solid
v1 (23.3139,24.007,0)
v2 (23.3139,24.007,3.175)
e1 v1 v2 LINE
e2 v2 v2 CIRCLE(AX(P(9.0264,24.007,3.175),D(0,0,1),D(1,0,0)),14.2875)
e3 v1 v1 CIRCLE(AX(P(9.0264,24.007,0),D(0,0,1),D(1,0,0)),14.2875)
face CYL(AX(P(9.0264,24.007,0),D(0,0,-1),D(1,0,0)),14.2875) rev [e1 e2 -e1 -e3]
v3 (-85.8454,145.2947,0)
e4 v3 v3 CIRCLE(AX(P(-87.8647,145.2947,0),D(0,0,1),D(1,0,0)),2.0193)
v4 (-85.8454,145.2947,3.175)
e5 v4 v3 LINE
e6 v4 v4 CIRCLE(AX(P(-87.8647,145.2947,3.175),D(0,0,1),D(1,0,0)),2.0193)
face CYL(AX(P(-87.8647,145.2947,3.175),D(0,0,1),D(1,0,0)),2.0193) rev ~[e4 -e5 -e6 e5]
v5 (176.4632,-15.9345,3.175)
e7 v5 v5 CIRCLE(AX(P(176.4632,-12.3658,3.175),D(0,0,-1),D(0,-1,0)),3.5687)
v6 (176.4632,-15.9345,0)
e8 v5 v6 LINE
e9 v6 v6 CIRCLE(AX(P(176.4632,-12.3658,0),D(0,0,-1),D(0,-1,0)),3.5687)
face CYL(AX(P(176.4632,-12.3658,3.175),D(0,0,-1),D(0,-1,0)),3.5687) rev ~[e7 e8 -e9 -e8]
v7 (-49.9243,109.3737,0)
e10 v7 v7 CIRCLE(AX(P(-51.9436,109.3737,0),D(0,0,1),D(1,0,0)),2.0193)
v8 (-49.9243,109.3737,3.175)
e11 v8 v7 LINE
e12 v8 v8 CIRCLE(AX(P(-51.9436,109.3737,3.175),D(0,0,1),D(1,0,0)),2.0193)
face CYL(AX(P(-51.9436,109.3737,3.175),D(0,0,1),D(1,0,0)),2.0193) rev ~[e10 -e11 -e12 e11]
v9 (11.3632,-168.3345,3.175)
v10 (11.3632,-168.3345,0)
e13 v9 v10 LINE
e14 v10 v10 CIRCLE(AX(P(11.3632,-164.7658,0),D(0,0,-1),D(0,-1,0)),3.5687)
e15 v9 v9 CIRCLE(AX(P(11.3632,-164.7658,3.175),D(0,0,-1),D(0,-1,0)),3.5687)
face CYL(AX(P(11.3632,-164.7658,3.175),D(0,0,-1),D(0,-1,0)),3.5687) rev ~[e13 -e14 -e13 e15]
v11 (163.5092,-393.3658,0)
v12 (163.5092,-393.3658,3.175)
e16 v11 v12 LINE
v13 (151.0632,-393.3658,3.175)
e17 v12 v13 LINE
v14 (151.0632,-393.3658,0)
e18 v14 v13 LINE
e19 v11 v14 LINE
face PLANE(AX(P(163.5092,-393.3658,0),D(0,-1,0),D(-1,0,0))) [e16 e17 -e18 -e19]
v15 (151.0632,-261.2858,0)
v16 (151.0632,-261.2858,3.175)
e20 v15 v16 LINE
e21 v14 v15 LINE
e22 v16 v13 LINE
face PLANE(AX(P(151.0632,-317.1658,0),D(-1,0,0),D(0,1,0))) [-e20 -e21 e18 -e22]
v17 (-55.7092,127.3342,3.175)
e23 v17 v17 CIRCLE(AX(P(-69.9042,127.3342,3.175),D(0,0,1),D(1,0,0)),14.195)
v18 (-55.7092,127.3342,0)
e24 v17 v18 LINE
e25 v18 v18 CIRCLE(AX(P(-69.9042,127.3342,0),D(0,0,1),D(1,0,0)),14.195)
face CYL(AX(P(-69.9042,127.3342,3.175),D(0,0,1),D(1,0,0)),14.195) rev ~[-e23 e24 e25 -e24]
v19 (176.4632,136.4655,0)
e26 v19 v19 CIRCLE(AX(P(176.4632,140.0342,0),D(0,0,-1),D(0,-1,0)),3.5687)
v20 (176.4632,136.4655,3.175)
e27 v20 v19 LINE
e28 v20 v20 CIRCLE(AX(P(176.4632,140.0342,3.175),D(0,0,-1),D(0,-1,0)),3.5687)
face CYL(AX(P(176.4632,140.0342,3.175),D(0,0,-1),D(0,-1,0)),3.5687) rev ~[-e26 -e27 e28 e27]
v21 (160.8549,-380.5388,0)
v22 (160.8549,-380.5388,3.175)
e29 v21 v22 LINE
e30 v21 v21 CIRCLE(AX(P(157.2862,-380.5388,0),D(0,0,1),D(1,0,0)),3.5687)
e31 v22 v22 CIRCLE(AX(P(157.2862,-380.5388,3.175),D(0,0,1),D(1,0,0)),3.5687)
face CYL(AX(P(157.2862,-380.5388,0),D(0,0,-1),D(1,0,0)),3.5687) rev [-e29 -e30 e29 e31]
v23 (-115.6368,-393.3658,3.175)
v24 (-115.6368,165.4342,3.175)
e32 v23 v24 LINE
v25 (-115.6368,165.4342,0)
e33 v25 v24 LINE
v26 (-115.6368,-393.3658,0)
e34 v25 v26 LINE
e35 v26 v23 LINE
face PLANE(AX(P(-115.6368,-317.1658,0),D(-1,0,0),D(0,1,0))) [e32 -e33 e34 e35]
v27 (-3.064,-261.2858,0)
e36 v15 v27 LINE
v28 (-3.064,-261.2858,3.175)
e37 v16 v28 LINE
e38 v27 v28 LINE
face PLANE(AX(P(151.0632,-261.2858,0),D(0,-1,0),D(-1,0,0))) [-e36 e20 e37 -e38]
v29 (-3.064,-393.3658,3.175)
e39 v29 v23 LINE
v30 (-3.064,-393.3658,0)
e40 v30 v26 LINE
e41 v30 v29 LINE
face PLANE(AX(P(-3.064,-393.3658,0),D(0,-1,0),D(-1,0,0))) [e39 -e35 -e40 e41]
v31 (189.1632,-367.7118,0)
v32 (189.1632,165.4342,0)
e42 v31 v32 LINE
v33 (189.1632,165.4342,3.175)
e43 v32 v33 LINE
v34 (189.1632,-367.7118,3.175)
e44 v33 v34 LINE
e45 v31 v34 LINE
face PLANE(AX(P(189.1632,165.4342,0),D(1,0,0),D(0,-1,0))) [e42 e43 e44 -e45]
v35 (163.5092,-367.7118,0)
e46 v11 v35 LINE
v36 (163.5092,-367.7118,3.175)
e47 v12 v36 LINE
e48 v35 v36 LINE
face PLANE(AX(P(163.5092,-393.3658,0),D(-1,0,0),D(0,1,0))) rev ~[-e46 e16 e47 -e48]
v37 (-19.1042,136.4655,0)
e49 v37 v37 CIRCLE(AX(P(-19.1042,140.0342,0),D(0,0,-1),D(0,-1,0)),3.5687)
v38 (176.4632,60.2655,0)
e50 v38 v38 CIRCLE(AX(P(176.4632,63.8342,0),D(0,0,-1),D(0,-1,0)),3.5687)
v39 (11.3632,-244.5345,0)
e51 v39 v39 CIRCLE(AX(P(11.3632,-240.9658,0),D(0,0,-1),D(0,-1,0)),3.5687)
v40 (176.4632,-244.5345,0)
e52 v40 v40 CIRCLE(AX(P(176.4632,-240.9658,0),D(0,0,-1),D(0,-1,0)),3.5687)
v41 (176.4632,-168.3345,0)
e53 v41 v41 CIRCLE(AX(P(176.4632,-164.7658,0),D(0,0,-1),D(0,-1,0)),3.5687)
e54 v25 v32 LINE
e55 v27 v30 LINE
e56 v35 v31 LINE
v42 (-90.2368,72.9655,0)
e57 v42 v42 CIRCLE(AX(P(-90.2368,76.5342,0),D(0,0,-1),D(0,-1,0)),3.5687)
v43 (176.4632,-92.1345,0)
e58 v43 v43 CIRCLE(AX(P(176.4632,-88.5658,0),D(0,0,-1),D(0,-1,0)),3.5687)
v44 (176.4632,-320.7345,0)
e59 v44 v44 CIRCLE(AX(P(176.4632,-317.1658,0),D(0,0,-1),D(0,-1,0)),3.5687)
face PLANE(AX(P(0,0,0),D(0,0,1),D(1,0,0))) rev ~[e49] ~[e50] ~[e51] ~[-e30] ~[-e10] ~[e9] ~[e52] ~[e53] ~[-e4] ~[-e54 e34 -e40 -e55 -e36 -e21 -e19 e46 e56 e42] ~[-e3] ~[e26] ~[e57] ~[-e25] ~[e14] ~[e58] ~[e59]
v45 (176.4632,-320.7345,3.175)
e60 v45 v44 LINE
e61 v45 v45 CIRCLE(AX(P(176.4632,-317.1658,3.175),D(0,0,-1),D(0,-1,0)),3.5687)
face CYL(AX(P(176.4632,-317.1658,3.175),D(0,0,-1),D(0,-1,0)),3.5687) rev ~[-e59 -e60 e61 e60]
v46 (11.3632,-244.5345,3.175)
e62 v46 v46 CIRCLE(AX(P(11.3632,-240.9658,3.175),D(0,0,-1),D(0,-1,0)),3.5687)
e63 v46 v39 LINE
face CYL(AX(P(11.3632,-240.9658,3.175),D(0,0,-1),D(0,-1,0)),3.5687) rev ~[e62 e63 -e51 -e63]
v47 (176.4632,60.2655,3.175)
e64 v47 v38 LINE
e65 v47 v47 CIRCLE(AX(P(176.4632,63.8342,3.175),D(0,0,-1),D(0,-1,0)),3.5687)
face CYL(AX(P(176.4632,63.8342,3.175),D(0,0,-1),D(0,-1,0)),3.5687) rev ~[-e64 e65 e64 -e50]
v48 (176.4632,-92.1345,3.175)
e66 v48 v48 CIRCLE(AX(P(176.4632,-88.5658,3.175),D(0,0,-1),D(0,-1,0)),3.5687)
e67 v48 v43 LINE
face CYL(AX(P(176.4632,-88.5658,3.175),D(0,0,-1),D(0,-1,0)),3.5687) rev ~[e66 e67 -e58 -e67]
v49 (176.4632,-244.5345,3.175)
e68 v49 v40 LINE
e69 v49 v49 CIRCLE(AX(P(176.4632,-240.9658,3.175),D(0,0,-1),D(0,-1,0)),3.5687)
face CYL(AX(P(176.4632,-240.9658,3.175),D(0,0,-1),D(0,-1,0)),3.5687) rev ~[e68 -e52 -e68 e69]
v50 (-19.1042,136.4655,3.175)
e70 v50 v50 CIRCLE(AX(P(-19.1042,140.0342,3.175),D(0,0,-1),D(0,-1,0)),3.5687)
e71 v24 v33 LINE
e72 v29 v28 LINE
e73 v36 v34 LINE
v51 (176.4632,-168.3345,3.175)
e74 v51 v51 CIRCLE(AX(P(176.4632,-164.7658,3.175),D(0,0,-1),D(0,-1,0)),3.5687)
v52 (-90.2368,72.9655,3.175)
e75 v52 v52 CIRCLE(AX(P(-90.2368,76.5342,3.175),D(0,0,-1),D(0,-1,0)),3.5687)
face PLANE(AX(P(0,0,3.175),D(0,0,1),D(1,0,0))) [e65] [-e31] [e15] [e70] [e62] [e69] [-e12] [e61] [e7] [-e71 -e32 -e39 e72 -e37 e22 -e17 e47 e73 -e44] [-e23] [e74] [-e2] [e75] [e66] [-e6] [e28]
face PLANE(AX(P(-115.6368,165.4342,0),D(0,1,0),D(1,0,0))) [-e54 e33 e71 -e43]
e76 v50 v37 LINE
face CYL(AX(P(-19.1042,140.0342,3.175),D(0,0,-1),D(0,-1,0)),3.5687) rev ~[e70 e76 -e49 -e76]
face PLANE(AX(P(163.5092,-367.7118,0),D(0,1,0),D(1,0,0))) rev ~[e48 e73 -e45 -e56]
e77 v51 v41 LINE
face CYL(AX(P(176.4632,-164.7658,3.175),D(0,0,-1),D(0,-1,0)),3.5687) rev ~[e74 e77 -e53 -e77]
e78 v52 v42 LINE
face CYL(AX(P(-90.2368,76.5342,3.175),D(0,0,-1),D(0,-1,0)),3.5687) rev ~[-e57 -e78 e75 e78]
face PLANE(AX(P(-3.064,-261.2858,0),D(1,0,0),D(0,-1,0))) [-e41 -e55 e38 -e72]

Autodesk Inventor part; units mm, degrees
ref_plane "YZ Plane" through (0, 0, 0) normal (1, 0, 0) x (0, 1, 0)
ref_plane "XZ Plane" through (0, 0, 0) normal (0, 1, 0) x (-1, 0, 0)
ref_plane "XY Plane" through (0, 0, 0) normal (0, 0, 1) x (1, 0, 0)
sketch "Sketch1" plane through (0, 0, 0) normal (0, 0, 1) x (1, 0, 0)
  line L0 (-115.6368, 165.4342) -> (189.1632, 165.4342)
  line L1 (189.1632, 165.4342) -> (189.1632, -393.3658)
  line L2 (189.1632, -393.3658) -> (-115.6368, -393.3658)
  line L3 (-115.6368, -393.3658) -> (-115.6368, 165.4342)
  line L4 (151.0632, -393.3658) -> (151.0632, -261.2858)
  line L5 (189.1632, -393.3658) -> (163.5092, -393.3658)
  line L6 (163.5092, -393.3658) -> (163.5092, -367.7118)
  line L7 (163.5092, -367.7118) -> (189.1632, -367.7118)
  line L8 (189.1632, -367.7118) -> (189.1632, -393.3658)
  line L9 (151.0632, -261.2858) -> (-3.064, -261.2858)
  line L10 (-3.064, -261.2858) -> (-3.064, -393.3658)
  circle A0 centre (157.2862, -380.5388) radius 3.5687
  line L11 (189.1632, -317.1658) -> (-115.6368, -317.1658)
  circle A1 centre (9.0264, 24.007) radius 14.2875
  point P0 (0, 0)
  dimension "d0" = 304.8
  dimension "d1" = 558.8
  dimension "d2" = 180.1368
  dimension "d3" = 417.3728
  dimension "d4" = 38.1
  dimension "d5" = 25.654
  dimension "d6" = 25.654
  dimension "d7" = 154.1272
  dimension "d10" = 132.08
  dimension "d11" = 12.446
  dimension "d12" = 6.223
  dimension "d13" = 12.827
  dimension "d14" = 7.1374
  dimension "d15" = 76.2
  dimension "d16" = 28.575
extrude "Extrusion1" add sketch "Sketch1" along normal blind 3.175 contours L0 L1 L11 L4 L9 L10 L3 | L11 L10 L2 L3 | L1 L7 L6 L2 L4 L11
sketch "Sketch2" plane through (0, 0, 3.175) normal (0, 0, 1) x (1, 0, 0)
  line L0 (151.0632, -393.3658) -> (163.5092, -393.3658) projected
  line L1 (189.1632, -367.7118) -> (189.1632, 165.4342) projected
  point P0 (0, 0)
  point P1 (176.4632, -317.1658)
  point P2 (176.4632, -240.9658)
  point P3 (176.4632, -164.7658)
  point P4 (176.4632, -88.5658)
  point P5 (176.4632, -12.3658)
  point P6 (176.4632, 63.8342)
  point P7 (176.4632, 140.0342)
  point P8 (11.3632, -240.9658)
  point P9 (11.3632, -164.7658)
  dimension "d20" = 76.2
  dimension "d21" = 12.7
  dimension "d22" = 76.2
  dimension "d23" = 76.2
  dimension "d24" = 76.2
  dimension "d25" = 76.2
  dimension "d26" = 76.2
  dimension "d27" = 76.2
  dimension "d29" = 165.1
  dimension "d30" = 165.1
hole "Hole1" at (176.4632, -317.1658, 3.175) at (176.4632, -240.9658, 3.175) at (176.4632, -164.7658, 3.175) at (176.4632, -88.5658, 3.175) at (176.4632, -12.3658, 3.175) at (176.4632, 63.8342, 3.175) at (176.4632, 140.0342, 3.175) at (11.3632, -240.9658, 3.175) at (11.3632, -164.7658, 3.175) direction (0, 0, -1) diameter 7.1374 end through all
sketch "Sketch4" plane through (0, 0, 3.175) normal (0, 0, 1) x (1, 0, 0)
  circle A0 centre (-69.9042, 127.3342) radius 14.195
  circle A1 centre (-87.8647, 145.2947) radius 2.0193
  circle A2 centre (-51.9436, 109.3737) radius 2.0193
  line L0 (-90.9042, 134.5342) -> (-90.9042, 120.1342)
  line L1 (-90.9042, 120.1342) -> (-92.1292, 118.9092)
  line L2 (-92.1292, 118.9092) -> (-92.1292, 113.3342)
  line L3 (-92.1292, 113.3342) -> (-85.9042, 113.3342)
  arc A3 (-83.9042, 111.3342) -> (-85.9042, 113.3342) centre (-85.9042, 111.3342) ccw
  line L4 (-83.9042, 111.3342) -> (-83.9042, 106.3342)
  line L5 (-83.9042, 106.3342) -> (-49.9042, 106.3342)
  arc A4 (-49.9042, 106.3342) -> (-48.9042, 107.3342) centre (-69.9042, 127.3342) ccw
  line L6 (-48.9042, 107.3342) -> (-48.9042, 109.1342)
  line L7 (-48.9042, 109.1342) -> (-47.6792, 110.3592)
  line L8 (-47.6792, 110.3592) -> (-47.6792, 118.9092)
  line L9 (-47.6792, 118.9092) -> (-48.9042, 120.1342)
  line L10 (-48.9042, 120.1342) -> (-48.9042, 134.5342)
  line L11 (-48.9042, 134.5342) -> (-47.6792, 135.7592)
  line L12 (-47.6792, 135.7592) -> (-47.6792, 141.3342)
  line L13 (-47.6792, 141.3342) -> (-53.9042, 141.3342)
  arc A5 (-55.9042, 143.3342) -> (-53.9042, 141.3342) centre (-53.9042, 143.3342) ccw
  line L14 (-55.9042, 143.3342) -> (-55.9042, 148.3342)
  line L15 (-55.9042, 148.3342) -> (-89.9042, 148.3342)
  arc A6 (-89.9042, 148.3342) -> (-90.9042, 147.3342) centre (-69.9042, 127.3342) ccw
  line L16 (-90.9042, 147.3342) -> (-90.9042, 145.5342)
  line L17 (-90.9042, 145.5342) -> (-92.1292, 144.3092)
  line L18 (-92.1292, 144.3092) -> (-92.1292, 135.7592)
  line L19 (-92.1292, 135.7592) -> (-90.9042, 134.5342)
  circle A7 centre (9.0264, 24.007) radius 14.2875 projected
  line L20 (189.1632, 165.4342) -> (-115.6368, 165.4342) projected
  line L21 (-115.6368, 165.4342) -> (-115.6368, -393.3658) projected
  point P0 (0, 0)
  dimension "d50" = 3.0395
  dimension "d51" = 4.2645
  dimension "d52" = 4.2645
  dimension "d53" = 3.0395
  dimension "d54" = 130.0251
  dimension "d55" = 21
  dimension "d56" = 21
  dimension "d57" = 38.1
  dimension "d59" = 45.7327
extrude "Extrusion3" cut sketch "Sketch4" against normal blind 25.4 contours A0 | A1 | A2
sketch "Sketch5" plane through (0, 0, 3.175) normal (0, 0, 1) x (1, 0, 0)
  line L0 (-115.6368, 165.4342) -> (-115.6368, -393.3658) projected
  line L1 (189.1632, 165.4342) -> (-115.6368, 165.4342) projected
  circle A0 centre (-69.9042, 127.3342) radius 14.195 projected
  point P0 (0, 0)
  point P1 (-90.2368, 76.5342)
  point P2 (-19.1042, 140.0342)
  dimension "d62" = 25.4
  dimension "d63" = 25.4
  dimension "d64" = 50.8
  dimension "d65" = 50.8
hole "Hole2" at (-90.2368, 76.5342, 3.175) at (-19.1042, 140.0342, 3.175) direction (0, 0, -1) diameter 7.1374 end through all
properties part number "GearboxPlateRev2"
